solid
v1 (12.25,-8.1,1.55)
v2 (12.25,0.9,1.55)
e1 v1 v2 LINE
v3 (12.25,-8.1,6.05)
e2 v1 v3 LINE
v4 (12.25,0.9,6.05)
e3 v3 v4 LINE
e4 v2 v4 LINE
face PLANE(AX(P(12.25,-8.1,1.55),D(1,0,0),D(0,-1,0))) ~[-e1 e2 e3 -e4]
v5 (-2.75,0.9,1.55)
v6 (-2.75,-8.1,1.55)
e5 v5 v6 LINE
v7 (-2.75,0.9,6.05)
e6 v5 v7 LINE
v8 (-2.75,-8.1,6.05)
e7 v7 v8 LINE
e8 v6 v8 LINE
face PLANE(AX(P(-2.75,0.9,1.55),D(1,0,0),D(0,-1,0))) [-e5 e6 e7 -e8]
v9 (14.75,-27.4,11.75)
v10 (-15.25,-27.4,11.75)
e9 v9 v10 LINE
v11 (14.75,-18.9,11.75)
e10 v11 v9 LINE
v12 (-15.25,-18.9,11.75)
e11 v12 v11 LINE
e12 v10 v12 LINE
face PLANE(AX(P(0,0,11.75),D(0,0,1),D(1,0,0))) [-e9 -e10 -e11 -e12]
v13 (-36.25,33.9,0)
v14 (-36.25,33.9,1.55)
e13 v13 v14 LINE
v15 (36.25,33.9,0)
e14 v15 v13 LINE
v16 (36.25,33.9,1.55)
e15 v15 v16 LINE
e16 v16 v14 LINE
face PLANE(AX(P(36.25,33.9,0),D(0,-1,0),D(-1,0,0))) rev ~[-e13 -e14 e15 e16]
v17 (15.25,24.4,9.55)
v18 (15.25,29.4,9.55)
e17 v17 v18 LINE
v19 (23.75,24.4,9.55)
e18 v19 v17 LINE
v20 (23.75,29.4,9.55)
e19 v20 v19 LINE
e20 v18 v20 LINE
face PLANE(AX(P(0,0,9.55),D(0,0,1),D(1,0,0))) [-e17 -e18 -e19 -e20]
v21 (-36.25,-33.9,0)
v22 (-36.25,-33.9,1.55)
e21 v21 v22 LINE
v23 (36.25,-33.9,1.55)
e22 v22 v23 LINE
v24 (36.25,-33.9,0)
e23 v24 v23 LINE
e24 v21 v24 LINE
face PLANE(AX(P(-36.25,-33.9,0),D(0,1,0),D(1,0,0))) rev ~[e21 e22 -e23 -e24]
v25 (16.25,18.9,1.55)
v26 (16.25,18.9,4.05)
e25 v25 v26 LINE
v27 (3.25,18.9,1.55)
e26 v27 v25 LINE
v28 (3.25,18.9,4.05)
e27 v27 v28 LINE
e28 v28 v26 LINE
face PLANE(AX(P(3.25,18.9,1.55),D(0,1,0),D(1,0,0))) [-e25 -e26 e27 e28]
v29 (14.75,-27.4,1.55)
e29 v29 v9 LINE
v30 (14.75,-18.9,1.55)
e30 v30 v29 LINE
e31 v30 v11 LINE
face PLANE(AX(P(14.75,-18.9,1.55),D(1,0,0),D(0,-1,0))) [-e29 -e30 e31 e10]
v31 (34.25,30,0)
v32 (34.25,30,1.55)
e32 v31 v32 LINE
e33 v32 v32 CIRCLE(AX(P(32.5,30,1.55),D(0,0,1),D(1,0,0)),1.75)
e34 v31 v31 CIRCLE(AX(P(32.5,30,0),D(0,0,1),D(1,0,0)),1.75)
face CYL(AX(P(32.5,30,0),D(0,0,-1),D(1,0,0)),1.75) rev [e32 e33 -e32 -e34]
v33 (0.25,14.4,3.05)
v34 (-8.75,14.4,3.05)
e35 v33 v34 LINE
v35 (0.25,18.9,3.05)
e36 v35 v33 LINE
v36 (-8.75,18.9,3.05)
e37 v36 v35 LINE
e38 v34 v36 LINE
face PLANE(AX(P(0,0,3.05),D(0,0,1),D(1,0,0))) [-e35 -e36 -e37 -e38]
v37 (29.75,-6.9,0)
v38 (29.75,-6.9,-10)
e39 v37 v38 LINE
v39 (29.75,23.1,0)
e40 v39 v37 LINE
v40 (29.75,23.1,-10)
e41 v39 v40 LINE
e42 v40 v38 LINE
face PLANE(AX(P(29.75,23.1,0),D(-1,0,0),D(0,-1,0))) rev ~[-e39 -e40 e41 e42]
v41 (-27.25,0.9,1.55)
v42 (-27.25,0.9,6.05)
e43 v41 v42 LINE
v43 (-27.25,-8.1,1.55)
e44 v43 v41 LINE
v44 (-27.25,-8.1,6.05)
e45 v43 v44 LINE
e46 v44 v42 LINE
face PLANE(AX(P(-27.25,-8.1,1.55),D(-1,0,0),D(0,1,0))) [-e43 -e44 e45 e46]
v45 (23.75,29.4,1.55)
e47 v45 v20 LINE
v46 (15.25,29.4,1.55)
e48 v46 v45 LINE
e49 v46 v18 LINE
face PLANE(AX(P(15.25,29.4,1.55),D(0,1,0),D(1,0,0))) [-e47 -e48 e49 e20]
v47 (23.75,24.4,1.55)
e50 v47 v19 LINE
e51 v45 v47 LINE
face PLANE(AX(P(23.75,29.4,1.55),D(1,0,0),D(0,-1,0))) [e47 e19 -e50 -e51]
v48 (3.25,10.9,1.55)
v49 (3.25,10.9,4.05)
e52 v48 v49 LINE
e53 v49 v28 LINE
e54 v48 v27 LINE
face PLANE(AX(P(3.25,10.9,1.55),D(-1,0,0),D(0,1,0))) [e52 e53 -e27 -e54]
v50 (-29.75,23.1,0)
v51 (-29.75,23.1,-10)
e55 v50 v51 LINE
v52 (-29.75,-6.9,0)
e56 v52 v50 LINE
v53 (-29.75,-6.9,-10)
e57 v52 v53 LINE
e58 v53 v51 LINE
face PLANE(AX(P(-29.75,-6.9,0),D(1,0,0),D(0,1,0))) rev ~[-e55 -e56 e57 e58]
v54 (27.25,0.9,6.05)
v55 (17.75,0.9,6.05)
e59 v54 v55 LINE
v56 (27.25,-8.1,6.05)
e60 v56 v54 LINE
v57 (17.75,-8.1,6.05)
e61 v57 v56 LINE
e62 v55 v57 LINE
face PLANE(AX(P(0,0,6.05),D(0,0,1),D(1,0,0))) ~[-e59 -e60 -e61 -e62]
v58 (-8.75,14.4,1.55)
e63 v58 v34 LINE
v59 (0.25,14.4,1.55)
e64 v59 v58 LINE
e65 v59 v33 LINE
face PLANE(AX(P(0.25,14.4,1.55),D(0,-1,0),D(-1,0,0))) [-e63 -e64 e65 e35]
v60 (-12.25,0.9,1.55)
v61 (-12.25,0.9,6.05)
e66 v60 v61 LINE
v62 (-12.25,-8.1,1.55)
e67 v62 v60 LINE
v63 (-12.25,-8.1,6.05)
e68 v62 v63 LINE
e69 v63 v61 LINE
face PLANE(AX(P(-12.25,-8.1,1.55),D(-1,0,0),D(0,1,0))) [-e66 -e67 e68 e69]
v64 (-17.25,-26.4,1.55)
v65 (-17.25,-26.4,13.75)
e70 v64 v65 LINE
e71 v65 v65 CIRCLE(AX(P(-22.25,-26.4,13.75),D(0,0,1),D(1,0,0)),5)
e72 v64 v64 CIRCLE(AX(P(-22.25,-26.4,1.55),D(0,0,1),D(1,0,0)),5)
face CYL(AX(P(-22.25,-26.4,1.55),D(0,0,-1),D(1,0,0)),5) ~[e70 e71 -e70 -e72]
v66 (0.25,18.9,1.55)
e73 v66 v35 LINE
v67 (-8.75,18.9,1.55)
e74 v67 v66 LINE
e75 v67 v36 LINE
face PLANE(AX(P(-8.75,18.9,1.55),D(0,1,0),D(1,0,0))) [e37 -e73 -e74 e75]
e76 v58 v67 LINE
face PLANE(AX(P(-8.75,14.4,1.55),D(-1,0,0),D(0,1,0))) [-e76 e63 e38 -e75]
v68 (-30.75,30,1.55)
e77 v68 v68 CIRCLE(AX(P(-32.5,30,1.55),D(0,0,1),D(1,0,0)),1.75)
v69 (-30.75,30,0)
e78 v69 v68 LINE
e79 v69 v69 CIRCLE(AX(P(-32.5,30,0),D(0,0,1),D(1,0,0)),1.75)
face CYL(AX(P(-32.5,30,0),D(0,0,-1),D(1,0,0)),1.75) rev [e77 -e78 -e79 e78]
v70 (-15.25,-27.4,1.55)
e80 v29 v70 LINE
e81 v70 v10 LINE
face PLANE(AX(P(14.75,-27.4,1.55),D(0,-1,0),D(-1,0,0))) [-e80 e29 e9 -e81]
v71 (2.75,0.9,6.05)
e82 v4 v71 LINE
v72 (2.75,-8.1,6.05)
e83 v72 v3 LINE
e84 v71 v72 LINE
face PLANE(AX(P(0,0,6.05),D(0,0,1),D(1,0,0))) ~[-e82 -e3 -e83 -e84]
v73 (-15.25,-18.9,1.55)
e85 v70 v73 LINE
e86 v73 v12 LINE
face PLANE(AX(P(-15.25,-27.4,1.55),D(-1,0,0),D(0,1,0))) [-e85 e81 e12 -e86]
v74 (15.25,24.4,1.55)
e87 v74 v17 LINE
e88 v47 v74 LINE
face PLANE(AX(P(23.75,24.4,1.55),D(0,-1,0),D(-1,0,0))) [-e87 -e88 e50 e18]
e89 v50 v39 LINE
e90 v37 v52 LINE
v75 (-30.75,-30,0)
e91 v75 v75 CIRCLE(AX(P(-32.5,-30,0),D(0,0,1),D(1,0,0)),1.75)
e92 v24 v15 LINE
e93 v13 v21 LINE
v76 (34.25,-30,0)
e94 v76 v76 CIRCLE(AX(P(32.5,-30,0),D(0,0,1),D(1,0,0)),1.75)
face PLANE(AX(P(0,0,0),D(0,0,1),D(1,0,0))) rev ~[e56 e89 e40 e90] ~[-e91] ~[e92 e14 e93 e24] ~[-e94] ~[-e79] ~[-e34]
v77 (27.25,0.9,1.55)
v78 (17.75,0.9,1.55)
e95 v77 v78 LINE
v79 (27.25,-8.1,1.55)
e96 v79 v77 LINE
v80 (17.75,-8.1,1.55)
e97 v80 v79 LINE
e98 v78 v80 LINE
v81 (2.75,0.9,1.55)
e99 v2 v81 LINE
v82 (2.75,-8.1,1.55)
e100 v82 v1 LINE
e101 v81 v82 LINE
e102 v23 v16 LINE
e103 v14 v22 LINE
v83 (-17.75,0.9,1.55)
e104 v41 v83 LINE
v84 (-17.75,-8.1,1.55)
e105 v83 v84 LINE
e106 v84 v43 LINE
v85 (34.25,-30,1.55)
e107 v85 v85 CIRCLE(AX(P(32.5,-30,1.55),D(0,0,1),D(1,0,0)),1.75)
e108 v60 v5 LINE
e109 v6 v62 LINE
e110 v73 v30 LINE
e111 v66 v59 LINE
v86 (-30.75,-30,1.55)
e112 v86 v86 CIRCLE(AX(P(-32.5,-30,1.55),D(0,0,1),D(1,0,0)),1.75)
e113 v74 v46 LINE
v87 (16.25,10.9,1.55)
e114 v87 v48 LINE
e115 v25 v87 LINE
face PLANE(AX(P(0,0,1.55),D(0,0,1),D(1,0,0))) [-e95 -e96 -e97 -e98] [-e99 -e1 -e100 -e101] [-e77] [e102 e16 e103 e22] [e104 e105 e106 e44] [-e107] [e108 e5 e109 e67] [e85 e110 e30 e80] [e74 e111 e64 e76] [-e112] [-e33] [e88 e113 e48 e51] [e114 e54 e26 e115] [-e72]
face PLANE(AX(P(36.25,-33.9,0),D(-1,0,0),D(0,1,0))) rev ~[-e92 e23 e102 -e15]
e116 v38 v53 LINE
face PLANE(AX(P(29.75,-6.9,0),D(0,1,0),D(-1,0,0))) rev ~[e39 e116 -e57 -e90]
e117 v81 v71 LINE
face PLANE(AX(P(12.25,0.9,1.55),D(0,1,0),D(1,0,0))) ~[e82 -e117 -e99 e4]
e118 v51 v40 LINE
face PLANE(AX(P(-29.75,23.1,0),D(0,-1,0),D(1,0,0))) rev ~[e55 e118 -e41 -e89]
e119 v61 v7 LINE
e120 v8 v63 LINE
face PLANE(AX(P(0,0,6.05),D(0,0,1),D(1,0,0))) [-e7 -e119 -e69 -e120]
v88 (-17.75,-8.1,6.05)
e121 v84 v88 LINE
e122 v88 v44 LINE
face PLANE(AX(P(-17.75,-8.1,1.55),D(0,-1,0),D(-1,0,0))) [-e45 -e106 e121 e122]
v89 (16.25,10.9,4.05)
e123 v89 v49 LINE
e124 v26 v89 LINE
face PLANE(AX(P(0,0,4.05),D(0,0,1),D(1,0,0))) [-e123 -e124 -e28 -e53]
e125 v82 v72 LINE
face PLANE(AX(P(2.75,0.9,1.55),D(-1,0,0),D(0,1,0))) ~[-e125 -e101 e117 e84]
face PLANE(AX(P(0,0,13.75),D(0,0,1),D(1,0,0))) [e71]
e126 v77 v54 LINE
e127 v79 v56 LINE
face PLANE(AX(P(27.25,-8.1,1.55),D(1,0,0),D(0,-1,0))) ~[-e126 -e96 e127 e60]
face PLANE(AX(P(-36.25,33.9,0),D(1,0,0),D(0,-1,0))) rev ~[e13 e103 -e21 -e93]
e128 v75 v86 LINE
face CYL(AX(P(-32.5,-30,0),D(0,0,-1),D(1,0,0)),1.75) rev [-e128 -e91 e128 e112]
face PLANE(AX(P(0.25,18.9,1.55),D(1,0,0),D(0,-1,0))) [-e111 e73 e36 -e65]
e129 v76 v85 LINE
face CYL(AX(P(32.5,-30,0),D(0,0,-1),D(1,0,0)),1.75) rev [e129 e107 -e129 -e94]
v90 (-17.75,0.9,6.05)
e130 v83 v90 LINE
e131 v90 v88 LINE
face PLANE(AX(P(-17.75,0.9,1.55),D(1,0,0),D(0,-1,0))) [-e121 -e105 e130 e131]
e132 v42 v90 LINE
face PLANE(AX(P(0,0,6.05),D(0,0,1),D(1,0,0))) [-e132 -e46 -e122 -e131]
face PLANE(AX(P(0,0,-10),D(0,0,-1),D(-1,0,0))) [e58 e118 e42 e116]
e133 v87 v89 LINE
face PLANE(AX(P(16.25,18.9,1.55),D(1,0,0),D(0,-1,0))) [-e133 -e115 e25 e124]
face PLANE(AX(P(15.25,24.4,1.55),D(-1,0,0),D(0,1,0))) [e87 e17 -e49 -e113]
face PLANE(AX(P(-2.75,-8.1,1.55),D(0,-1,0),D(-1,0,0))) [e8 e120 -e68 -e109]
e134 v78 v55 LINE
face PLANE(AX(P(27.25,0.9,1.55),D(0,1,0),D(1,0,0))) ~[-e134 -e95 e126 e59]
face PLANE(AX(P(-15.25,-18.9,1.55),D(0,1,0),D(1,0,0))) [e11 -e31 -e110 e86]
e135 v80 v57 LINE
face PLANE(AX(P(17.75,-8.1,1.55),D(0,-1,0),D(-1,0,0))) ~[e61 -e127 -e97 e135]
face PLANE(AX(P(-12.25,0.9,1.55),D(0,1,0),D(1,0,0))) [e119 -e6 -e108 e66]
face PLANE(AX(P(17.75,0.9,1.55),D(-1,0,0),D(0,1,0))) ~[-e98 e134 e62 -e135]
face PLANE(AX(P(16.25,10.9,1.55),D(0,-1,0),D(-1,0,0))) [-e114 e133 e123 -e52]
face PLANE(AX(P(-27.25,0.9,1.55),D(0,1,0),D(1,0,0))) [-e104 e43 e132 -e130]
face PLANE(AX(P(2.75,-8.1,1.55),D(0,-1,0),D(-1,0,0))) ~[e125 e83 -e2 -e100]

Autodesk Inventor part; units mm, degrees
ref_plane "YZ Plane" through (0, 0, 0) normal (1, 0, 0) x (0, 1, 0)
ref_plane "XZ Plane" through (0, 0, 0) normal (0, 1, 0) x (-1, 0, 0)
ref_plane "XY Plane" through (0, 0, 0) normal (0, 0, 1) x (1, 0, 0)
sketch "스케치1" plane through (0, 0, 0) normal (0, 0, 1) x (1, 0, 0)
  line L0 (-36.25, -33.9) -> (36.25, -33.9)
  line L1 (36.25, -33.9) -> (36.25, 33.9)
  line L2 (36.25, 33.9) -> (-36.25, 33.9)
  line L3 (-36.25, 33.9) -> (-36.25, -33.9)
  line L4 (-36.25, -33.9) -> (36.25, 33.9) construction
  line L5 (36.25, -33.9) -> (-36.25, 33.9) construction
  line L6 (-32.5, -30) -> (32.5, -30) construction
  line L7 (32.5, -30) -> (32.5, 30) construction
  line L8 (32.5, 30) -> (-32.5, 30) construction
  line L9 (-32.5, 30) -> (-32.5, -30) construction
  line L10 (-32.5, -30) -> (32.5, 30) construction
  line L11 (32.5, -30) -> (-32.5, 30) construction
  circle A0 centre (-32.5, 30) radius 1.75
  circle A1 centre (-32.5, -30) radius 1.75
  line L12 (0, 0) -> (0, 9.9513)
  circle A2 centre (32.5, 30) radius 1.75
  circle A3 centre (32.5, -30) radius 1.75
  dimension "d0" = 72.5
  dimension "d1" = 67.8
  dimension "d2" = 65
  dimension "d3" = 60
  dimension "d4" = 3.5
  dimension "d5" = 3.5
extrude "돌출1" add sketch "스케치1" along normal blind 1.55
sketch "스케치2" plane through (0, 0, 1.55) normal (0, 0, 1) x (1, 0, 0)
  circle A0 centre (32.5, -30) radius 1.75 projected
  circle A1 centre (-32.5, -30) radius 1.75 projected
  circle A2 centre (-32.5, 30) radius 1.75 projected
  line L0 (-36.25, -33.9) -> (36.25, -33.9) projected
  line L1 (36.25, -33.9) -> (36.25, 33.9) projected
  line L2 (36.25, 33.9) -> (-36.25, 33.9) projected
  line L3 (-15.25, -18.9) -> (14.75, -18.9)
  line L4 (14.75, -18.9) -> (14.75, -27.4)
  line L5 (14.75, -27.4) -> (-15.25, -27.4)
  line L6 (-15.25, -27.4) -> (-15.25, -18.9)
  line L7 (-27.25, 0.9) -> (-17.75, 0.9)
  line L8 (-17.75, 0.9) -> (-17.75, -8.1)
  line L9 (-17.75, -8.1) -> (-27.25, -8.1)
  line L10 (-27.25, -8.1) -> (-27.25, 0.9)
  line L11 (-12.25, 0.9) -> (-2.75, 0.9)
  line L12 (-2.75, 0.9) -> (-2.75, -8.1)
  line L13 (-2.75, -8.1) -> (-12.25, -8.1)
  line L14 (-12.25, -8.1) -> (-12.25, 0.9)
  line L15 (3.25, 18.9) -> (16.25, 18.9)
  line L16 (16.25, 18.9) -> (16.25, 10.9)
  line L17 (16.25, 10.9) -> (3.25, 10.9)
  line L18 (3.25, 10.9) -> (3.25, 18.9)
  circle A3 centre (-22.25, -26.4) radius 5
  line L19 (-8.75, 18.9) -> (0.25, 18.9)
  line L20 (0.25, 18.9) -> (0.25, 14.4)
  line L21 (0.25, 14.4) -> (-8.75, 14.4)
  line L22 (-8.75, 14.4) -> (-8.75, 18.9)
  line L23 (15.25, 29.4) -> (23.75, 29.4)
  line L24 (23.75, 29.4) -> (23.75, 24.4)
  line L25 (23.75, 24.4) -> (15.25, 24.4)
  line L26 (15.25, 24.4) -> (15.25, 29.4)
  point P0 (0, 0)
  dimension "d8" = 10
  dimension "d9" = 8.5
  dimension "d10" = 30
  dimension "d11" = 9
  dimension "d12" = 9.5
  dimension "d13" = 9.5
  dimension "d14" = 13
  dimension "d15" = 8
  dimension "d20" = 6.5
  dimension "d21" = 21.5
  dimension "d23" = 5.5
  dimension "d24" = 33
  dimension "d25" = 10
  dimension "d26" = 20
  dimension "d27" = 9
  dimension "d28" = 4.5
  dimension "d29" = 3
  dimension "d30" = 15
  dimension "d32" = 8.5
  dimension "d33" = 5
  dimension "d34" = 12.5
  dimension "d35" = 4.5
  dimension "d36" = 2.5
  dimension "d38" = 65
  dimension "d39" = 60
extrude "돌출2" add sketch "스케치2" along normal blind 12.2 contours A3
extrude "돌출3" add sketch "스케치2" along normal blind 4.5 contours L7 L8 L9 L10 | L11 L12 L13 L14
extrude "돌출4" add sketch "스케치2" along normal blind 10.2 contours L3 L4 L5 L6
extrude "돌출5" add sketch "스케치2" along normal blind 2.5 contours L15 L16 L17 L18
extrude "돌출6" add sketch "스케치2" along normal blind 1.5 contours L19 L20 L21 L22
extrude "돌출7" add sketch "스케치2" along normal blind 8 contours L23 L24 L25 L26
mirror "미러1" about plane through (0, 0, 0) normal (1, 0, 0) of "돌출3"
sketch "스케치4" plane through (0, 0, 0) normal (0, 0, -1) x (-1, 0, 0)
  line L0 (-36.25, -33.9) -> (-36.25, 33.9) projected
  line L1 (-29.75, 23.1) -> (-29.75, -6.9)
  line L2 (-29.75, -6.9) -> (29.75, -6.9)
  line L3 (29.75, -6.9) -> (29.75, 23.1)
  line L4 (29.75, 23.1) -> (-29.75, 23.1)
  line L5 (36.25, -33.9) -> (-36.25, -33.9) projected
  point P0 (0, 0)
  point P1 (0, 23.1)
  point P2 (-36.25, 0)
  dimension "d53" = 59.5
  dimension "d54" = 30
  dimension "d58" = 27
extrude "돌출8" add sketch "스케치4" along normal blind 10
properties part number "모터드라이버"
